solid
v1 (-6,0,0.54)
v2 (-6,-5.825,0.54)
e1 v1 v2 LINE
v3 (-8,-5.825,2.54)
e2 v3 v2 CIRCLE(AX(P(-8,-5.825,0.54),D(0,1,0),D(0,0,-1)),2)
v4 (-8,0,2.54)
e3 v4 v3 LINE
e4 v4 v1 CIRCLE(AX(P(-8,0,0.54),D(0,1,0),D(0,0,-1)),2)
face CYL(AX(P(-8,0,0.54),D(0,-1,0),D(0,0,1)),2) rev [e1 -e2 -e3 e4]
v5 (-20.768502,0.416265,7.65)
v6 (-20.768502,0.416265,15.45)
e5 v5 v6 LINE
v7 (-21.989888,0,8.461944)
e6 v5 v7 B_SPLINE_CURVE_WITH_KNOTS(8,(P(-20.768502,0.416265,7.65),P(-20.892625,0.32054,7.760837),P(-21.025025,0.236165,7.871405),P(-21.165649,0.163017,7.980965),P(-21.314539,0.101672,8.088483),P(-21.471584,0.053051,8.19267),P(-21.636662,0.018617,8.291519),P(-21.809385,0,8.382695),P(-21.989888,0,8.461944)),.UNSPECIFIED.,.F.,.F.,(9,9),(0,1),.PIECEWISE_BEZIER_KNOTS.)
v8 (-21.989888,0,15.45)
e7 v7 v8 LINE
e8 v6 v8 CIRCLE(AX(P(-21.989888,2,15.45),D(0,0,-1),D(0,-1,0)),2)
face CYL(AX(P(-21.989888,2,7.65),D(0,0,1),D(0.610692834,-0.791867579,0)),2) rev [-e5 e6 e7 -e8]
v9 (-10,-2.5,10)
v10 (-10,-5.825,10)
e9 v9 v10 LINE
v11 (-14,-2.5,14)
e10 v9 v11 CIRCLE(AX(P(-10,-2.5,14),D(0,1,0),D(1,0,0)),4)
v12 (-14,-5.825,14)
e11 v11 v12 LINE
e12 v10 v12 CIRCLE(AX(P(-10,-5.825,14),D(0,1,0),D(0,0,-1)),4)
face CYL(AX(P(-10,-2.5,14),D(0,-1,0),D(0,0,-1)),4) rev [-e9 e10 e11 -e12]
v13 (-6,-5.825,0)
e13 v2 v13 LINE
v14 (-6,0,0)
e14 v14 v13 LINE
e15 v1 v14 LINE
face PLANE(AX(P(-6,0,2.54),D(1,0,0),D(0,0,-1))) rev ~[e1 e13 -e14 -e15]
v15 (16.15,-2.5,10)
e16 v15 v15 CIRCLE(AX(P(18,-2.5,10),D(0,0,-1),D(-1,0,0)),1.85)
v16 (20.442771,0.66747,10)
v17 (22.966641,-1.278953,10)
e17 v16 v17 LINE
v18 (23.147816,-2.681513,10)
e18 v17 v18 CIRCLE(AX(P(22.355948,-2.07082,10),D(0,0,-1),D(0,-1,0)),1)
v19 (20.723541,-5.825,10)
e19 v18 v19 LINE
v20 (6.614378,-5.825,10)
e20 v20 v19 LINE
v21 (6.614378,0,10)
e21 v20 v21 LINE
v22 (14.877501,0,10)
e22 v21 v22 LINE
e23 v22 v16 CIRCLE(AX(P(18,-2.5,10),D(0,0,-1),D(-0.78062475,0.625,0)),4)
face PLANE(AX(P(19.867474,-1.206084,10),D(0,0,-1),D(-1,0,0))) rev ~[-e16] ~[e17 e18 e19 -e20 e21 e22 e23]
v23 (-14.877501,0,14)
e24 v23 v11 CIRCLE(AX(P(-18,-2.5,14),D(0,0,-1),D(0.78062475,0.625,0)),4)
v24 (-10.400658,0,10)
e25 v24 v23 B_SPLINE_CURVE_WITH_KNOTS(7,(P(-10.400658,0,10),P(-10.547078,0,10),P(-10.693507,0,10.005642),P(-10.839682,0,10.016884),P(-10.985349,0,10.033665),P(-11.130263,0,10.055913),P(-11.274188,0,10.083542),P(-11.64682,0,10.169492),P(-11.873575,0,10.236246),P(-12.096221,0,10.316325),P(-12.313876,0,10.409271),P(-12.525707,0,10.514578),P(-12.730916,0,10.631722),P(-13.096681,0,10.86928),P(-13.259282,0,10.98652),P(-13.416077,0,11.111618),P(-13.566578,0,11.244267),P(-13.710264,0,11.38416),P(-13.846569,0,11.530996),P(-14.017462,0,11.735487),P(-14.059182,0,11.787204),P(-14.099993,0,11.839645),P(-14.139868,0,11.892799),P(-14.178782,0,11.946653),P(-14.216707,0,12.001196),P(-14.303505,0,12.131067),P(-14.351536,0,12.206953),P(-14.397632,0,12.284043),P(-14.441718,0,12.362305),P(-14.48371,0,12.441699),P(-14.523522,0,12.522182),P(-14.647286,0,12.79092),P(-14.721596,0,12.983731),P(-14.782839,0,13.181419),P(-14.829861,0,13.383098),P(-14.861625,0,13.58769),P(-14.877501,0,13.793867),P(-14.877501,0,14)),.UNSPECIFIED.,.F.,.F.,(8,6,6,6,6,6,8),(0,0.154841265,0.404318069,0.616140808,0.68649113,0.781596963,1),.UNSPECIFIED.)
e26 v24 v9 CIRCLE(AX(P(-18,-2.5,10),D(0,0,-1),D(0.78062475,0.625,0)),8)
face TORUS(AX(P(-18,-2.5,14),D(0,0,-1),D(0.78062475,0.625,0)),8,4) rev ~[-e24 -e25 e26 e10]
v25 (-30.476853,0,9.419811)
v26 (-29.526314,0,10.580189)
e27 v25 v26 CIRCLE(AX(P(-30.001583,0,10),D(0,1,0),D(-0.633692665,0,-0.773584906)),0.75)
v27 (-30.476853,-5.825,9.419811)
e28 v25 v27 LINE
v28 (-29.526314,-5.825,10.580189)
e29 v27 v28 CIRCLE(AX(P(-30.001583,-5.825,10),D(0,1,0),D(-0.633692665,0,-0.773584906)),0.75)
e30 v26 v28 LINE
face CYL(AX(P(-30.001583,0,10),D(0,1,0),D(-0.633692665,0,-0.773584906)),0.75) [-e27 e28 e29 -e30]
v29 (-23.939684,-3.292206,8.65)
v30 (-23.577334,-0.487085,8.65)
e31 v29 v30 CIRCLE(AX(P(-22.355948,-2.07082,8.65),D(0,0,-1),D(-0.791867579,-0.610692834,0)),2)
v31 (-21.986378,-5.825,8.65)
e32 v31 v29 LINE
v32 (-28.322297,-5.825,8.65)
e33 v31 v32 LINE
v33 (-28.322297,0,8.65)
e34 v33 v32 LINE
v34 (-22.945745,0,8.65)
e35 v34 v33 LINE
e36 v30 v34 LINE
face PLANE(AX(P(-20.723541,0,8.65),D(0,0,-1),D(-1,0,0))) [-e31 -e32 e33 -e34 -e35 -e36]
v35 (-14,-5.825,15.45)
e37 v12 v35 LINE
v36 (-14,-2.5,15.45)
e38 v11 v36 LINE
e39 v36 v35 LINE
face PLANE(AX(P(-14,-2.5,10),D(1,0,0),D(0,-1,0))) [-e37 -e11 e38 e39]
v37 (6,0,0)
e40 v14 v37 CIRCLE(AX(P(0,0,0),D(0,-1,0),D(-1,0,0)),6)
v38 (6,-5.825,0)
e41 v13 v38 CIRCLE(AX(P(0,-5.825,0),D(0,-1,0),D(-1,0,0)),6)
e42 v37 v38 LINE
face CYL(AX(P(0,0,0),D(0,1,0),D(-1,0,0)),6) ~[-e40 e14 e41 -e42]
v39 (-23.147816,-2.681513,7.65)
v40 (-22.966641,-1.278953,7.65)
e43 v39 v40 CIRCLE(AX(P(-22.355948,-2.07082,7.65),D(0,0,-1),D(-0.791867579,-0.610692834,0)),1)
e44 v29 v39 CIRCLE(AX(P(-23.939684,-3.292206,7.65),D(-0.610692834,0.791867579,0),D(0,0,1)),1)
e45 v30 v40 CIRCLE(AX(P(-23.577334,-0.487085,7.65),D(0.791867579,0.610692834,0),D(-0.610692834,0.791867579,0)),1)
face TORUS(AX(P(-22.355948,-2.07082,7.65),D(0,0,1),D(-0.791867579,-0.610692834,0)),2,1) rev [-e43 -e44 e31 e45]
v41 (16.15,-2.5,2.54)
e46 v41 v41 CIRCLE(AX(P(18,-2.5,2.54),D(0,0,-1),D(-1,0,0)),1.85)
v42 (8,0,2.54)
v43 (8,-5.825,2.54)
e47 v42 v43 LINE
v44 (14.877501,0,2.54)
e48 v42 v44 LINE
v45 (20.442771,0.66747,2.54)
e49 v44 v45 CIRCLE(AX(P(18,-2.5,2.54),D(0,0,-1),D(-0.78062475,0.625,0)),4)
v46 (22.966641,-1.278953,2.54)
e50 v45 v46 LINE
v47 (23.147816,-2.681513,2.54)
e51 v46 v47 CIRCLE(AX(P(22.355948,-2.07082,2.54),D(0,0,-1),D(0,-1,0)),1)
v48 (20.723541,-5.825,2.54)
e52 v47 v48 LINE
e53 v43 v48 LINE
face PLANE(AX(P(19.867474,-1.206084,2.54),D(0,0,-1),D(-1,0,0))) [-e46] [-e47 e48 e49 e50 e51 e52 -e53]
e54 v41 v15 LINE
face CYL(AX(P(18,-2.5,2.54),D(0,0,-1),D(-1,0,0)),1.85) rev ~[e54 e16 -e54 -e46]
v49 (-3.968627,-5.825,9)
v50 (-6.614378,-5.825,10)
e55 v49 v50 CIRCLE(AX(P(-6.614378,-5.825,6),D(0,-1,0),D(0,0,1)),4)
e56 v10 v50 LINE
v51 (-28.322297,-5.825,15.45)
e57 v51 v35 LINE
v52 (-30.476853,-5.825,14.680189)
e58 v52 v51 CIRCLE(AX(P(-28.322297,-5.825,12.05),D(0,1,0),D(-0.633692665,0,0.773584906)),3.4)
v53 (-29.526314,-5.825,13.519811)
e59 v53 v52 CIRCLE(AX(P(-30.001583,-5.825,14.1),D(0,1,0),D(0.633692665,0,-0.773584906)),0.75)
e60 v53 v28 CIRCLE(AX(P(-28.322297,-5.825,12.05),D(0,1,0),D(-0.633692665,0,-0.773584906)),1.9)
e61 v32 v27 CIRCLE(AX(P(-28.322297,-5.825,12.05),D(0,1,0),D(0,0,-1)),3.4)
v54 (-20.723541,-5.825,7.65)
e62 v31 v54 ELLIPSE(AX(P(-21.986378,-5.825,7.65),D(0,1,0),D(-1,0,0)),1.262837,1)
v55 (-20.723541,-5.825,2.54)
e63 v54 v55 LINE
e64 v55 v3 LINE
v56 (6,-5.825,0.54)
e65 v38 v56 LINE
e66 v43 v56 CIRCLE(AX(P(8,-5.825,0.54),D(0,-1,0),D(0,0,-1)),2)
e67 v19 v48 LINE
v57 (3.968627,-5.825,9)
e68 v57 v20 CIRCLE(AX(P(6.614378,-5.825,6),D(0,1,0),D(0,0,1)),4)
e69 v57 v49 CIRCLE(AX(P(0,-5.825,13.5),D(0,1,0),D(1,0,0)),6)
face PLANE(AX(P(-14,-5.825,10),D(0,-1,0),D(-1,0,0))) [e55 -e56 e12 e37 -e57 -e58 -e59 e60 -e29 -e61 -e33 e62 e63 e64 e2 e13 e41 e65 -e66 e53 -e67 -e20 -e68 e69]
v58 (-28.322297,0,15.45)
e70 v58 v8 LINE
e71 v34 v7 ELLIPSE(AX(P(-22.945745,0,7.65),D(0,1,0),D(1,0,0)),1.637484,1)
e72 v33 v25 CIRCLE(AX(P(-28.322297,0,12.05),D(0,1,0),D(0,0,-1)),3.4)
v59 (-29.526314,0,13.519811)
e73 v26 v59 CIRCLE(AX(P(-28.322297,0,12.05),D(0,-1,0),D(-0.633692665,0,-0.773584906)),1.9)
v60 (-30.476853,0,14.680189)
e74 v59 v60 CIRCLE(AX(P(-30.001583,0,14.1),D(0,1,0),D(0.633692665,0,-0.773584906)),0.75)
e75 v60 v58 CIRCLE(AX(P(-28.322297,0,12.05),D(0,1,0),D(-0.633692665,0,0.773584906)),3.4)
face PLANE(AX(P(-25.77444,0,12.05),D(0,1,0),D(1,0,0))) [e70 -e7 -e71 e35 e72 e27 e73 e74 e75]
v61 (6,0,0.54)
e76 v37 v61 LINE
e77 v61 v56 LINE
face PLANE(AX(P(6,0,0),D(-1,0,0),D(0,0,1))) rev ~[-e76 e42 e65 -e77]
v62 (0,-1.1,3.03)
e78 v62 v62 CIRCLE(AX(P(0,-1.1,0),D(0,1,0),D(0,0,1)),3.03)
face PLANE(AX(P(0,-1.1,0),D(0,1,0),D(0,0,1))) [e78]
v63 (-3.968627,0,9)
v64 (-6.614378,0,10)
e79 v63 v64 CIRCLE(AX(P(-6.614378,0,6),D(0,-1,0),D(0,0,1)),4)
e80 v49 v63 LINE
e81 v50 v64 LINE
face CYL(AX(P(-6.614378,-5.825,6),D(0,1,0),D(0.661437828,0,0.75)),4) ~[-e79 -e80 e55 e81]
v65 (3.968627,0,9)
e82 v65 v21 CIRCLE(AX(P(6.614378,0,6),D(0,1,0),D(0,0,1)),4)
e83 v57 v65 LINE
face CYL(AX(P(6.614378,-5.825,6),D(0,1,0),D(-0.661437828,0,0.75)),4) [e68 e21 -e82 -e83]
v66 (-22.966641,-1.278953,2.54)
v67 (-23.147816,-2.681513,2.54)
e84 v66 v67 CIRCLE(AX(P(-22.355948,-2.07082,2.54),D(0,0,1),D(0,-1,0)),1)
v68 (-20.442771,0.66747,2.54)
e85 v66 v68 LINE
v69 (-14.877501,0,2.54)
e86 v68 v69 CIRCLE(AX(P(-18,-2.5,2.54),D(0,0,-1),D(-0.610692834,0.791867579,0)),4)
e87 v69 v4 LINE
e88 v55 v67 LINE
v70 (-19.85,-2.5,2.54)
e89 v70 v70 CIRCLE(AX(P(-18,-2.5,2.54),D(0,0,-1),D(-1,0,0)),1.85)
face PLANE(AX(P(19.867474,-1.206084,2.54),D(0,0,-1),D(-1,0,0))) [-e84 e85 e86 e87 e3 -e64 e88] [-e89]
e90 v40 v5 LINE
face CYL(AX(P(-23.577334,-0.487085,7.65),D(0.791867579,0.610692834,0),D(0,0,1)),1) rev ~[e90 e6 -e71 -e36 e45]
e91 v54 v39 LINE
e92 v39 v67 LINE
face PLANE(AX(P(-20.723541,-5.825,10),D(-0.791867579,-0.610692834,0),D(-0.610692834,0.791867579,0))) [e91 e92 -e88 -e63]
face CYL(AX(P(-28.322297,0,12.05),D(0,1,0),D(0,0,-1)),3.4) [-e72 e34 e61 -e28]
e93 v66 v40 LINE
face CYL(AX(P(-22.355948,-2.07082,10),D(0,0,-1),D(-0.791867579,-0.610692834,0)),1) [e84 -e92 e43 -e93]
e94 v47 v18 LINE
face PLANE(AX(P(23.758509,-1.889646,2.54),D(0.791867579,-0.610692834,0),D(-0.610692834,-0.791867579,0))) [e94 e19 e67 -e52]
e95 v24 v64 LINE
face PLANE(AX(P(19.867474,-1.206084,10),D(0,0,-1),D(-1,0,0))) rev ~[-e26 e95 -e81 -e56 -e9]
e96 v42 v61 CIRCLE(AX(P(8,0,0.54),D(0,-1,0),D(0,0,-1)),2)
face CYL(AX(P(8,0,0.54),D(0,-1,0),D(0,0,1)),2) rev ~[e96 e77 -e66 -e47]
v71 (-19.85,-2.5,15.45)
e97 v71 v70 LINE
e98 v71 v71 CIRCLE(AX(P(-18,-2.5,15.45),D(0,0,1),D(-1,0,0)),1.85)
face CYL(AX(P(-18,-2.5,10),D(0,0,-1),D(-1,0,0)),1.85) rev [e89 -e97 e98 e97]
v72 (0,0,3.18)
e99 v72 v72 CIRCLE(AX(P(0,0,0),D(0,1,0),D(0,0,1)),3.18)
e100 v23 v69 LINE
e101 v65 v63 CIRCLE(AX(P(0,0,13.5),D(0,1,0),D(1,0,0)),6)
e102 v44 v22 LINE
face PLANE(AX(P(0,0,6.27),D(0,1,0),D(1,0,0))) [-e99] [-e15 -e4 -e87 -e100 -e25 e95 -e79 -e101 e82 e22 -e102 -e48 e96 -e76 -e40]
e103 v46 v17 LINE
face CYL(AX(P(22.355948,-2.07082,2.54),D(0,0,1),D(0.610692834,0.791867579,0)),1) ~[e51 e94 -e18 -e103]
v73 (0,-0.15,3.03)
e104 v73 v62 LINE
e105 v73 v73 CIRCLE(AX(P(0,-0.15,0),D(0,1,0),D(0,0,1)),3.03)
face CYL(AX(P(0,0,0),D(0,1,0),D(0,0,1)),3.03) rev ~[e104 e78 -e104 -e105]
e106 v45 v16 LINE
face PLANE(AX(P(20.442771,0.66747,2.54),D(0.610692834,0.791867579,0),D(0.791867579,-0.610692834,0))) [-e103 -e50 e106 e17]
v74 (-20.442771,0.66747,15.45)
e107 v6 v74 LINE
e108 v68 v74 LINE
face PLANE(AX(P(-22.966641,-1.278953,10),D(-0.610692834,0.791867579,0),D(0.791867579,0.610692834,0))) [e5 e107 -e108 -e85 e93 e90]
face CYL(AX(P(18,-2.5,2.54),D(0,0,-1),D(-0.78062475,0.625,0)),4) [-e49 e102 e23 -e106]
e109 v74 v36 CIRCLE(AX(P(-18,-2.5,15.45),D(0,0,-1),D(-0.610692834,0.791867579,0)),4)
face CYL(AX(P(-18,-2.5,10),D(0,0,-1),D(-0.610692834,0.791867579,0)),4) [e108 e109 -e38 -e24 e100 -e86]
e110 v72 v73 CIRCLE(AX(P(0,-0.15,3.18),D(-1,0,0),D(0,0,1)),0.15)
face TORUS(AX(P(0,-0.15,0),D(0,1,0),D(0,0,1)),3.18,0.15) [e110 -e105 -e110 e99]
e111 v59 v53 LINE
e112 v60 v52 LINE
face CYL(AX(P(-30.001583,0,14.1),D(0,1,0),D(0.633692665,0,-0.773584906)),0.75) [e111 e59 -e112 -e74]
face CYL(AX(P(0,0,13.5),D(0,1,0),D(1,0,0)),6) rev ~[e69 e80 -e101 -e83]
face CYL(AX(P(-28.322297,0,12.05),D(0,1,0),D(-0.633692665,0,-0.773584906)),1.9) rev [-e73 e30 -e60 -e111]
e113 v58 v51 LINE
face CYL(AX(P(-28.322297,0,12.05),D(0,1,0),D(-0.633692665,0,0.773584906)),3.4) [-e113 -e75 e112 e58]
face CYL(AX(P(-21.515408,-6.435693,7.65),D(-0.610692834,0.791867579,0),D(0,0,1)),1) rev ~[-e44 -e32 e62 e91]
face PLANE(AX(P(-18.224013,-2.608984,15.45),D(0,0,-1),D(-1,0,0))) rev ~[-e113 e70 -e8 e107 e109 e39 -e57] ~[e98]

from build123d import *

# Parameters (mm, degrees)
SKETCH3_W           = 41.4470817463862
SKETCH3_H           = 7.459999999999999
BOSS_EXTRUDE1_DEPTH = 5.825
BOSS_EXTRUDE3_DEPTH = 7.46
BOSS_EXTRUDE4_DEPTH = 5.825
SKETCH7_R           = 3.0300000000000007
CUT_EXTRUDE1_DEPTH  = 1.1
FILLET1_R           = 0.15
SKETCH8_R           = 1.8500000000000012
CUT_EXTRUDE2_DEPTH  = 26.910016764772163
FILLET2_R           = 1
FILLET3_R           = 2
SKETCH10_R          = 1.8500000000000012
BOSS_EXTRUDE5_DEPTH = 5.45
BOSS_EXTRUDE6_REACH = 30.603
SKETCH11_R          = 6
CUT_EXTRUDE3_DEPTH  = 35.90405396884001
FILLET4_R           = 1
FILLET5_R           = 2
FILLET6_R           = 4


with BuildPart() as part:
    # Sketch3 → Boss-Extrude1 (new body)
    with BuildSketch(Plane(origin=(0, 0, 0), x_dir=(1, 0, 0), z_dir=(0, 1, 0))):
        with Locations((7.11e-15, -6.269999999999988)):
            Rectangle(SKETCH3_W, SKETCH3_H)
    extrude(amount=-BOSS_EXTRUDE1_DEPTH)

    # Sketch4 → Boss-Extrude3 (add)
    with BuildSketch(Plane.XY.offset(2.5400000000000014)):
        with BuildLine():
            Line((20.72354087319311, 1e-17), (14.877501000800818, -2.18e-15))
            ThreePointArc((14.877501000800818, -2.18e-15), (17.523673872635282, 1.4715379162724416), (20.442771335934772, 0.6674703156202451))
            Line((20.442771335934772, 0.6674703156202451), (23.75850887052414, -1.8896455528490175))
            Line((23.75850887052414, -1.8896455528490175), (20.72354087319311, -5.825000000000009))
            Line((20.72354087319311, -5.825000000000009), (20.72354087319311, 1e-17))
        make_face()
        with BuildLine():
            Line((-20.723540873193116, -1.342e-14), (-20.72354087319311, -5.825000000000023))
            Line((-20.72354087319311, -5.825000000000023), (-23.75850887052414, -1.8896455528490332))
            Line((-23.75850887052414, -1.8896455528490332), (-20.442771335934772, 0.6674703156202321))
            ThreePointArc((-20.442771335934772, 0.6674703156202321), (-17.523673872635282, 1.4715379162724296), (-14.877501000800818, -1.085e-14))
            Line((-14.877501000800818, -1.085e-14), (-20.723540873193116, -1.342e-14))
        make_face()
    extrude(amount=BOSS_EXTRUDE3_DEPTH)

    # Sketch6 → Boss-Extrude4 (add)
    with BuildSketch(Plane(origin=(0, 0, 0), x_dir=(1, 0, 0), z_dir=(0, 1, 0))):
        with BuildLine():
            Line((6.000000000000012, 0), (6.000000000000012, -2.539999999999988))
            Line((6.000000000000012, -2.539999999999988), (-6.000000000000012, -2.5399999999999876))
            Line((-6.000000000000012, -2.5399999999999876), (-6.000000000000012, 0))
            ThreePointArc((-6.000000000000012, 0), (3.7e-16, 6.000000000000012), (6.000000000000012, 0))
        make_face()
    extrude(amount=-BOSS_EXTRUDE4_DEPTH)

    # Sketch7 → Cut-Extrude1 (cut)
    with BuildSketch(Plane(origin=(0, 0, 0), x_dir=(1, 0, 0), z_dir=(0, 1, 0))):
        with Locations(Location((-3.23e-15, 1.128e-14, 0), (0, 0, 270))):
            Circle(SKETCH7_R)
    extrude(amount=-CUT_EXTRUDE1_DEPTH, mode=Mode.SUBTRACT)

    # Fillet1
    fillet1_edges = [part.edges().sort_by_distance(p)[0] for p in [
        (-3.65e-15, 0, -3.030000000000012),
    ]]
    fillet(fillet1_edges, radius=FILLET1_R)

    # Sketch8 → Cut-Extrude2 (cut, through all)
    with BuildSketch(Plane(origin=(0, 0, 2.5399999999999885), x_dir=(-1, 0, 0), z_dir=(0, 0, -1))):
        with Locations((-18.000000000000007, -2.500000000000002)):
            Circle(SKETCH8_R)
        with Locations((18, -2.500000000000002)):
            Circle(SKETCH8_R)
    extrude(amount=-CUT_EXTRUDE2_DEPTH, mode=Mode.SUBTRACT)

    # Fillet2
    fillet2_edges = [part.edges().sort_by_distance(p)[0] for p in [
        (23.75850887052414, -1.8896455528490175, 6.270000000000001),
        (-23.75850887052414, -1.8896455528490332, 6.270000000000001),
    ]]
    fillet(fillet2_edges, radius=FILLET2_R)

    # Fillet3
    fillet3_edges = [part.edges().sort_by_distance(p)[0] for p in [
        (6.000000000000012, -2.9125, 2.539999999999988),
        (-6.000000000000012, -2.9125, 2.5399999999999876),
    ]]
    fillet(fillet3_edges, radius=FILLET3_R)

    # Sketch10 → Boss-Extrude5 (add)
    with BuildSketch(Plane.XY.offset(9.999999999999988)):
        with BuildLine():
            Line((-14.000000000000012, -2.500000000000014), (-14.000000000000012, -5.825000000000023))
            Line((-14.000000000000012, -5.825000000000023), (-20.72354087319311, -5.825000000000023))
            Line((-20.72354087319311, -5.825000000000023), (-23.147816036529186, -2.681513131755552))
            ThreePointArc((-23.147816036529186, -2.681513131755552), (-23.347708436606982, -1.9427104070558383), (-22.966641291612717, -1.2789527188604377))
            Line((-22.966641291612717, -1.2789527188604377), (-20.442771335934772, 0.6674703156202321))
            ThreePointArc((-20.442771335934772, 0.6674703156202321), (-16.235217484183835, 1.0896438084954059), (-14.000000000000012, -2.500000000000014))
        make_face()
        with Locations(Location((-18, -2.500000000000002, 0), (0, 0, 180))):
            Circle(SKETCH10_R, mode=Mode.SUBTRACT)
    extrude(amount=BOSS_EXTRUDE5_DEPTH)

    # Boss-Extrude6: up to this face of the body (flat: up to its plane)
    boss_extrude6_end = Plane(part.part.faces().sort_by_distance((-1.463911486, -5.825, 5.299880687))[0])
    # Sketch9 → Boss-Extrude6 (add, up to the picked face)
    with BuildSketch(Plane(origin=(0, 0, 0), x_dir=(1, 0, 0), z_dir=(0, 1, 0)), mode=Mode.PRIVATE) as boss_extrude6_sk1:
        with BuildLine():
            Line((-20.723540873193105, -8.650000000000004), (-28.322297461263148, -8.650000000000004))
            ThreePointArc((-28.322297461263148, -8.650000000000004), (-29.466272655610958, -8.848231620695078), (-30.476852522423187, -9.41981132075475))
            ThreePointArc((-30.476852522423187, -9.41981132075475), (-30.58177170288316, -10.475269498785284), (-29.5263135248526, -10.580188679245284))
            ThreePointArc((-29.5263135248526, -10.580188679245284), (-26.4222974612631, -12.050000000000004), (-29.5263135248526, -13.519811320754725))
            ThreePointArc((-29.5263135248526, -13.519811320754725), (-30.581771702883188, -13.624730501214703), (-30.476852522423194, -14.680188679245271))
            ThreePointArc((-30.476852522423194, -14.680188679245271), (-29.466272655610975, -15.251768379304975), (-28.322297461263148, -15.450000000000019))
            Line((-28.322297461263148, -15.450000000000019), (-20.723540873193105, -15.450000000000003))
            Line((-20.723540873193105, -15.450000000000003), (-20.723540873193105, -8.650000000000004))
        make_face()
    boss_extrude6_tool1 = split(extrude(boss_extrude6_sk1.sketch, amount=-BOSS_EXTRUDE6_REACH, mode=Mode.PRIVATE), bisect_by=boss_extrude6_end, keep=Keep.BOTH, mode=Mode.PRIVATE)
    add(boss_extrude6_tool1.solids().sort_by(Axis((-24.875622, 0, 12.05), (0, -1, 0)))[0])

    # Sketch11 → Cut-Extrude3 (cut, through all)
    with BuildSketch(Plane(origin=(0, 0, 0), x_dir=(1, 0, 0), z_dir=(0, 1, 0))):
        with Locations((1.06e-15, -13.500000000000007)):
            Circle(SKETCH11_R)
    extrude(amount=-CUT_EXTRUDE3_DEPTH, mode=Mode.SUBTRACT)

    # Fillet4
    fillet4_edges = [part.edges().sort_by_distance(p)[0] for p in [
        (-23.34770843660698, -1.9427104070558383, 8.650000000000004),
        (-22.137450955112786, -0.6394763594302192, 8.650000000000004),
        (-21.935678454861147, -4.253256565877788, 8.650000000000006),
    ]]
    fillet(fillet4_edges, radius=FILLET4_R)

    # Fillet5
    fillet5_edges = [part.edges().sort_by_distance(p)[0] for p in [
        (-21.30826061861286, -1.1e-16, 11.55),
    ]]
    fillet(fillet5_edges, radius=FILLET5_R)

    # Fillet6
    fillet6_edges = [part.edges().sort_by_distance(p)[0] for p in [
        (-14.225745371812032, -1.1752351145952094, 9.999999999999988),
        (-14.000000000000012, -4.162500000000019, 9.999999999999988),
        (4.873397172404469, -2.9125, 9.999999999999988),
        (-4.873397172404467, -2.9125, 9.999999999999988),
    ]]
    fillet(fillet6_edges, radius=FILLET6_R)


solid = part.part
